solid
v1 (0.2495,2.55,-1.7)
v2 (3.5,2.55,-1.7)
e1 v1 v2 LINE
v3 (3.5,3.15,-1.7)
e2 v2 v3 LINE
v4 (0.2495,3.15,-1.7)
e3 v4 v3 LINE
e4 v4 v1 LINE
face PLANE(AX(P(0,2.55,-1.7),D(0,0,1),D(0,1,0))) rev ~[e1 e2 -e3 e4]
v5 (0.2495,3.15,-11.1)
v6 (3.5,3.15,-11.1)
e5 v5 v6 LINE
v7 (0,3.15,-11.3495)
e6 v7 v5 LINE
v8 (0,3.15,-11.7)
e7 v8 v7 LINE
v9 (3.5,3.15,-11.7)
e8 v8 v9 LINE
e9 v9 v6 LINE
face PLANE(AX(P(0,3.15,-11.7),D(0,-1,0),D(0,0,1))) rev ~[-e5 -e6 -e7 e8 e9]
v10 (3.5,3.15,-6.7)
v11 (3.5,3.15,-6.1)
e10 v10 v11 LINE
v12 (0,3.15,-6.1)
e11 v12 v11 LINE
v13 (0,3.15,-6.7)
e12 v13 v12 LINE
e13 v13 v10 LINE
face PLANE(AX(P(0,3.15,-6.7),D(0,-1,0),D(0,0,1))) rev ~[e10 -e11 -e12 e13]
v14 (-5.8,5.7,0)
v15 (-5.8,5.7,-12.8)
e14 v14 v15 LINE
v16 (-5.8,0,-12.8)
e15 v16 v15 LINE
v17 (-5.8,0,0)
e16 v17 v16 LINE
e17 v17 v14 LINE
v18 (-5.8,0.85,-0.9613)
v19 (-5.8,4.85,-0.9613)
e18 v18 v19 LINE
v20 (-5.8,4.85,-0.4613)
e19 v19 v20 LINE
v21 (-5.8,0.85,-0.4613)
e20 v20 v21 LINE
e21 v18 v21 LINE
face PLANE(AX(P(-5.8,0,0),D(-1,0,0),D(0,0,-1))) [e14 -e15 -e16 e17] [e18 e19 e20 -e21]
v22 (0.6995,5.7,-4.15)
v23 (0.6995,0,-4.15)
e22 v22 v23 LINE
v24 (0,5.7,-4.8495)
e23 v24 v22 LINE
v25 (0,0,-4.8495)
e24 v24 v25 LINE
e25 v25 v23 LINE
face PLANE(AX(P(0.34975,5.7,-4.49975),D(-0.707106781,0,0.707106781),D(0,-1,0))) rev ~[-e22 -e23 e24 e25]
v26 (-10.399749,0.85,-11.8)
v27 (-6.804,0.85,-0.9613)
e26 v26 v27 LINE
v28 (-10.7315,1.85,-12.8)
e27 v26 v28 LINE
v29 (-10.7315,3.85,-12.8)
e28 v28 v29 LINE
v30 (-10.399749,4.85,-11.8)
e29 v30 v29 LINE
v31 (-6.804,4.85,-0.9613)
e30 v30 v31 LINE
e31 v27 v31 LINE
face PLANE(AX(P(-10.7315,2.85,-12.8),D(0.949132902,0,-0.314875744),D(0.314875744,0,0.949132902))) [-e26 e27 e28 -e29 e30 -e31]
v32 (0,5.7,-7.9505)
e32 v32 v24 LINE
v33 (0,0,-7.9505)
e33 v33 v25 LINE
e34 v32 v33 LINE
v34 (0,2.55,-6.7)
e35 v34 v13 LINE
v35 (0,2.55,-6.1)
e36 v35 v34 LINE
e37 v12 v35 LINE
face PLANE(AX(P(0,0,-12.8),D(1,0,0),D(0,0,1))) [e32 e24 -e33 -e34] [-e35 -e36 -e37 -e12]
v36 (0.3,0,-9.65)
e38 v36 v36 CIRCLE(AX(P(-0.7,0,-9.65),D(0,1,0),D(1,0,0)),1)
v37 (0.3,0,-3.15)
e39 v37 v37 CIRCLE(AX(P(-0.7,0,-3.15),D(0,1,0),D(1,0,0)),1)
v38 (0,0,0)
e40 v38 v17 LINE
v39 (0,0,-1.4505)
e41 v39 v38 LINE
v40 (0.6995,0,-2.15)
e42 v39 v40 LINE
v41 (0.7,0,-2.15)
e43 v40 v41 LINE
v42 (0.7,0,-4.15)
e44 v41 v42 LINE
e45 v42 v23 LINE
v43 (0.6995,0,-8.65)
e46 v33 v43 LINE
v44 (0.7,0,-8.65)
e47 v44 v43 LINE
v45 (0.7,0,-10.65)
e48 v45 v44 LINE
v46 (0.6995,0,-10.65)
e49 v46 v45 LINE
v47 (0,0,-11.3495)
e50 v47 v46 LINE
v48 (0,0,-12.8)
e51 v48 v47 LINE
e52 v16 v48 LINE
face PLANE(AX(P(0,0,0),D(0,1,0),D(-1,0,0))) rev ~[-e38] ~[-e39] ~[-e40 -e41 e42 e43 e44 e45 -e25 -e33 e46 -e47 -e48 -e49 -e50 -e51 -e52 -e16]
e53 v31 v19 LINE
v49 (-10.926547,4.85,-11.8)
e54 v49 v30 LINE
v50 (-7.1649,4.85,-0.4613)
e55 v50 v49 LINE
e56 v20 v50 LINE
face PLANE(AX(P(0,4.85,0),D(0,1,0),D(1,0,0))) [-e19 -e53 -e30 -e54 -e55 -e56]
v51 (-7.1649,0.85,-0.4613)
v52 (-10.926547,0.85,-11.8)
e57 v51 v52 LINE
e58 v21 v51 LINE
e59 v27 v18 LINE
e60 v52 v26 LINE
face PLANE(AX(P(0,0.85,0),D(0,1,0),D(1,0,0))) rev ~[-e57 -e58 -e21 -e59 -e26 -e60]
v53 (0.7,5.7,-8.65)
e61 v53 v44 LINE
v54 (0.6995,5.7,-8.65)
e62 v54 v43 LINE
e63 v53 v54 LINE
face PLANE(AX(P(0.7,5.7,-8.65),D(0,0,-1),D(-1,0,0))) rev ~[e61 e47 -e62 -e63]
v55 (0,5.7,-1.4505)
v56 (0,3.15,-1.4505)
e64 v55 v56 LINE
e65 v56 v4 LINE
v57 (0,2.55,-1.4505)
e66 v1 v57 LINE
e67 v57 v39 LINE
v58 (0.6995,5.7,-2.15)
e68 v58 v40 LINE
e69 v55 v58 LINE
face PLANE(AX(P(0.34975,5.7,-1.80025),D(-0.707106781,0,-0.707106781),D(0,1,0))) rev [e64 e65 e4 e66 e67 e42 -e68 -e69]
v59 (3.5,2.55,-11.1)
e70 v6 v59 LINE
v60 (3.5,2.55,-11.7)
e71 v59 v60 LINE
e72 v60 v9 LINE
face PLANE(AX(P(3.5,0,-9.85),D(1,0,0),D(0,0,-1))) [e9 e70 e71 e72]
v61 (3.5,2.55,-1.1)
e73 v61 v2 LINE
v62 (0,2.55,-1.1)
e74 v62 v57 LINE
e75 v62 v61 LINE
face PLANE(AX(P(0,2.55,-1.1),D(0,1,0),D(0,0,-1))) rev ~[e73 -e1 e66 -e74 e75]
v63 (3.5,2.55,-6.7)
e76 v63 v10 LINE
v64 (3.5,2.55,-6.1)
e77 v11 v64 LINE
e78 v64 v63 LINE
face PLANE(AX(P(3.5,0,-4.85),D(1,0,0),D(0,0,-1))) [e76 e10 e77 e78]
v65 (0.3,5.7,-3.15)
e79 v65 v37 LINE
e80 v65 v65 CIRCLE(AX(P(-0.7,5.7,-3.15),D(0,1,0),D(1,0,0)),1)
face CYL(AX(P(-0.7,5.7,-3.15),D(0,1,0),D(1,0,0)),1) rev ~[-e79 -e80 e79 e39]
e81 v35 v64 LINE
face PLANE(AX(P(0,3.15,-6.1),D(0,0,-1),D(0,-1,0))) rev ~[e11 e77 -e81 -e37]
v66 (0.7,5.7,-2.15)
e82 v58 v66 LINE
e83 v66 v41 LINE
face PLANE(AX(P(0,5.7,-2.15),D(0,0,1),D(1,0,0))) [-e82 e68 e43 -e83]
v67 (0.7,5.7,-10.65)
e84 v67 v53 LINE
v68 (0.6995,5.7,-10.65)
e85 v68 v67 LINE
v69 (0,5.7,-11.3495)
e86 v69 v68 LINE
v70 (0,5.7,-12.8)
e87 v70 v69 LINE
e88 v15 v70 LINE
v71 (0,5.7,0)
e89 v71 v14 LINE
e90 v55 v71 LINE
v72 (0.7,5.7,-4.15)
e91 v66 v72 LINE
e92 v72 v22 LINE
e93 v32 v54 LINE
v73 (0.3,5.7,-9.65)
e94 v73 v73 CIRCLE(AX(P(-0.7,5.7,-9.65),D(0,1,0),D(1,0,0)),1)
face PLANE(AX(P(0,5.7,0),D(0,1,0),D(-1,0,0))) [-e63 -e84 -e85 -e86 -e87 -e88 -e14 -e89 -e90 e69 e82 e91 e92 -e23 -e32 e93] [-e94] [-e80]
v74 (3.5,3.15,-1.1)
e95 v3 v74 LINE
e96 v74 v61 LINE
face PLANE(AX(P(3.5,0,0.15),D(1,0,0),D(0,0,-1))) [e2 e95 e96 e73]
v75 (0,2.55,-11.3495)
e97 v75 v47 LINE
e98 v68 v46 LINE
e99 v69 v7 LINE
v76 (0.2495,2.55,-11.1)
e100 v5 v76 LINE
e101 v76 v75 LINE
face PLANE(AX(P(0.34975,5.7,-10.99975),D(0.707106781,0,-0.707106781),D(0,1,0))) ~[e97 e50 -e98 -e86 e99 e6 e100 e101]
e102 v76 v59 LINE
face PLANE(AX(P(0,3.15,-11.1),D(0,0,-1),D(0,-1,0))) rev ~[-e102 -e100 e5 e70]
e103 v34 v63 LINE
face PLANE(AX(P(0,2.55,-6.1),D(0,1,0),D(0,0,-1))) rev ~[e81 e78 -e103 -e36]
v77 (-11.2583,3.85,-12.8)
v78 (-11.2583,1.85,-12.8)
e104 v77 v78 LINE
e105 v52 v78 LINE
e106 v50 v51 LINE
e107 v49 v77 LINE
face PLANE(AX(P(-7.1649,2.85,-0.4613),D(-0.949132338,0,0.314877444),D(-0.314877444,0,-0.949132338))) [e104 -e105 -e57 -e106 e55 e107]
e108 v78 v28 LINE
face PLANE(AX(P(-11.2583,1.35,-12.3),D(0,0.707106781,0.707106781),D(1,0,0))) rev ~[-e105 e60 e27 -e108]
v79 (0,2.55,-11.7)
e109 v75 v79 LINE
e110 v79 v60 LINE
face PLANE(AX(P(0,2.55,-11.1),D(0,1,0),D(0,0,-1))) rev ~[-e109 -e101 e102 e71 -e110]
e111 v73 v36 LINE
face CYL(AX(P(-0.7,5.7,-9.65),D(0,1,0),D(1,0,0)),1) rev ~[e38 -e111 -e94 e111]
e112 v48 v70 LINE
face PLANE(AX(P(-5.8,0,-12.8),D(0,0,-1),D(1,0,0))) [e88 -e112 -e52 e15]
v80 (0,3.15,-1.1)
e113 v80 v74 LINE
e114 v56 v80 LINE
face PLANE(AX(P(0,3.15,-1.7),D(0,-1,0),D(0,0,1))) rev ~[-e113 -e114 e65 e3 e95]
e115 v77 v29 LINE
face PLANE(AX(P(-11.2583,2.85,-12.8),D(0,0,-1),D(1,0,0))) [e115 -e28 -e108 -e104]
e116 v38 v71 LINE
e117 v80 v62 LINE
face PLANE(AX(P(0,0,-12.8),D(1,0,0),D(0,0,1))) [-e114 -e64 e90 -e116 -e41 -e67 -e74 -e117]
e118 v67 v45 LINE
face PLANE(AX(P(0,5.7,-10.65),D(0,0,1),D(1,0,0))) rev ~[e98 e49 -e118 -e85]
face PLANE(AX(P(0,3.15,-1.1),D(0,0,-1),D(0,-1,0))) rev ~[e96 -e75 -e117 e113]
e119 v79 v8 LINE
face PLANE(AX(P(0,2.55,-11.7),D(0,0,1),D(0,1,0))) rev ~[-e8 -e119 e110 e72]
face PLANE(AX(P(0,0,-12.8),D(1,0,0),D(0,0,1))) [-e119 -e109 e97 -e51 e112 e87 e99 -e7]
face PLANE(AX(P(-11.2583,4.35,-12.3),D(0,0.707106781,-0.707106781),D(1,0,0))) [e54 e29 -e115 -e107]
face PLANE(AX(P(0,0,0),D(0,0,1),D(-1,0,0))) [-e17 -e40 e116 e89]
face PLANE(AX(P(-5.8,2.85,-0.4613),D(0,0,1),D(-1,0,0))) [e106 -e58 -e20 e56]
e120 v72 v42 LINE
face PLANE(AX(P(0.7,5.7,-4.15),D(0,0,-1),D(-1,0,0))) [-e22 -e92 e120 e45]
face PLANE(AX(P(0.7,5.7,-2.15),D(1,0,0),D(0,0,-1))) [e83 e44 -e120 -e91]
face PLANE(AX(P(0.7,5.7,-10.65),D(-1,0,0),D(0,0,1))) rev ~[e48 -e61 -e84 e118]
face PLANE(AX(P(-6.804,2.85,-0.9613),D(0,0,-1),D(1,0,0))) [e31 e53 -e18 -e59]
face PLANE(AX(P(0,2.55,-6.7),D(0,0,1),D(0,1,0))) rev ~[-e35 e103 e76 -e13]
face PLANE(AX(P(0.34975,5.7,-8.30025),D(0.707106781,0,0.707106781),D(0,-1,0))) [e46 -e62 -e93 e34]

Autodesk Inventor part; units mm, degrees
ref_plane "YZ Plane" through (0, 0, 0) normal (1, 0, 0) x (0, 1, 0)
ref_plane "XZ Plane" through (0, 0, 0) normal (0, 1, 0) x (-1, 0, 0)
sketch "Sketch1" plane through (0, 0, 0) normal (0, 1, 0) x (-1, 0, 0)
  line L0 (0, 0) -> (5.8, 0)
  line L1 (5.8, 0) -> (5.8, -12.8)
  line L2 (5.8, -12.8) -> (0, -12.8)
  line L3 (0, -12.8) -> (0, 0)
  dimension "d0" = 5.8
  dimension "d1" = 12.8
extrude "Extrusion1" add sketch "Sketch1" along normal blind 5.7
sketch "Sketch2" plane through (0, 5.7, 0) normal (0, 1, 0) x (1, 0, 0)
  circle A0 centre (-1.4, 3.15) radius 1
  line L0 (-5.8, 12.8) -> (-5.8, 0) projected
  line L1 (-5.8, 6.4) -> (0, 6.4) construction
  line L2 (0, 0) -> (0, 12.8) projected
  circle A1 centre (-1.4, 9.65) radius 1
  dimension "d4" = 2
  dimension "d5" = 3.25
  dimension "d6" = 1.4
extrude "Extrusion2" [suppressed]
sketch "Sketch3" plane through (0, 5.7, 0) normal (0, 1, 0) x (1, 0, 0)
  line L0 (0, 0) -> (0, 12.8) projected
  line L1 (0, 2.15) -> (0.7, 2.15)
  line L2 (0.7, 2.15) -> (0.7, 4.15)
  line L3 (0.7, 4.15) -> (0, 4.15)
  line L4 (0, 4.15) -> (0, 2.15)
  line L5 (0, 6.4) -> (-5.8, 6.4) construction
  line L6 (-5.8, 12.8) -> (-5.8, 0) projected
  circle A0 centre (-1.4, 3.15) radius 1 projected
  line L7 (-1.4, 3.15) -> (-5.8, 3.15) construction
  line L8 (0.7, 3.15) -> (0, 3.15) construction
  line L9 (0, 10.65) -> (0.7, 10.65)
  line L10 (0.7, 10.65) -> (0.7, 8.65)
  line L11 (0.7, 8.65) -> (0, 8.65)
  line L12 (0, 8.65) -> (0, 10.65)
  line L13 (0.7, 9.65) -> (0, 9.65) construction
  point P0 (0, 8.65)
  point P1 (0, 4.15)
  dimension "d9" = 0.7
  dimension "d10" = 2
extrude "Extrusion3" add sketch "Sketch3" against normal blind 5.7 contours L0 L9 L10 L11 | L0 L3 L2 L1
chamfer "Chamfer1" distance 0.7 angle 45 4 edges at (0, 2.85, -4.15) (0, 2.85, -10.65) (0, 2.85, -8.65) (0, 2.85, -2.15)
sketch "Sketch4" plane through (0, 5.7, 0) normal (0, 1, 0) x (1, 0, 0)
  line L0 (0.7, 4.15) -> (0.7, 2.15) projected
  line L1 (0.7, 3.15) -> (-0.7, 3.15) construction
  circle A0 centre (-0.7, 3.15) radius 1
  line L2 (0, 4.85) -> (0, 7.95) projected
  line L3 (0, 6.4) -> (-5.8, 6.4) construction
  line L4 (-5.8, 12.8) -> (-5.8, 0) projected
  circle A1 centre (-0.7, 9.65) radius 1
  point P0 (0, 0)
  dimension "d16" = 2
  dimension "d17" = 1.4
extrude "Extrusion4" cut sketch "Sketch4" against normal blind 5.7
sketch "Sketch7" plane through (0, 0, -4.85) normal (1, 0, 0) x (0, 0, -1)
  line L0 (7.95, 5.7) -> (-4.85, 5.7) projected
  line L1 (1.55, 5.7) -> (1.55, 0) construction
  line L2 (1.25, 2.55) -> (1.85, 2.55)
  line L3 (1.85, 2.55) -> (1.85, 3.15)
  line L4 (1.85, 3.15) -> (1.25, 3.15)
  line L5 (1.25, 3.15) -> (1.25, 2.55)
  line L6 (1.25, 2.55) -> (1.85, 3.15) construction
  line L7 (1.85, 2.55) -> (1.25, 3.15) construction
  point P0 (-4.85, 0)
  point P1 (1.55, 2.85)
  dimension "d24" = 0.6
  dimension "d25" = 0.6
extrude "Extrusion6" add sketch "Sketch7" along normal blind 3.5
pattern_linear "Rectangular Pattern1" count 2 spacing 5 along (0, 0, -1) count 2 spacing 5 along (0, 0, 1) of "Extrusion6"
ref_plane "Work Plane1" through (0, 2.85, 0) normal (0, 1, 0) x (1, 0, 0)
sketch "Sketch8" plane through (0, 2.85, 0) normal (0, 1, 0) x (1, 0, 0)
  line L0 (-5.8, 12.8) -> (-5.8, 0) projected
  line L1 (-5.8, 0.4613) -> (-7.1649, 0.4613)
  line L2 (-7.1649, 0.4613) -> (-11.2583, 12.8)
  line L3 (-11.2583, 12.8) -> (-10.7315, 12.8)
  line L4 (-10.7315, 12.8) -> (-6.804, 0.9613)
  line L5 (-6.804, 0.9613) -> (-5.8, 0.9613)
  line L6 (0, 12.8) -> (-5.8, 12.8) projected
  point P0 (0, 0)
  dimension "d36" = 0.5
  dimension "d37" = 0.5
  dimension "d38" = 13
extrude "Extrusion7" add sketch "Sketch8" along normal mid plane 4
chamfer "Chamfer2" distance 1 angle 45 2 edges at (-10.9949, 4.85, -12.8) (-10.9949, 0.85, -12.8)
properties part number "Microswitch"
